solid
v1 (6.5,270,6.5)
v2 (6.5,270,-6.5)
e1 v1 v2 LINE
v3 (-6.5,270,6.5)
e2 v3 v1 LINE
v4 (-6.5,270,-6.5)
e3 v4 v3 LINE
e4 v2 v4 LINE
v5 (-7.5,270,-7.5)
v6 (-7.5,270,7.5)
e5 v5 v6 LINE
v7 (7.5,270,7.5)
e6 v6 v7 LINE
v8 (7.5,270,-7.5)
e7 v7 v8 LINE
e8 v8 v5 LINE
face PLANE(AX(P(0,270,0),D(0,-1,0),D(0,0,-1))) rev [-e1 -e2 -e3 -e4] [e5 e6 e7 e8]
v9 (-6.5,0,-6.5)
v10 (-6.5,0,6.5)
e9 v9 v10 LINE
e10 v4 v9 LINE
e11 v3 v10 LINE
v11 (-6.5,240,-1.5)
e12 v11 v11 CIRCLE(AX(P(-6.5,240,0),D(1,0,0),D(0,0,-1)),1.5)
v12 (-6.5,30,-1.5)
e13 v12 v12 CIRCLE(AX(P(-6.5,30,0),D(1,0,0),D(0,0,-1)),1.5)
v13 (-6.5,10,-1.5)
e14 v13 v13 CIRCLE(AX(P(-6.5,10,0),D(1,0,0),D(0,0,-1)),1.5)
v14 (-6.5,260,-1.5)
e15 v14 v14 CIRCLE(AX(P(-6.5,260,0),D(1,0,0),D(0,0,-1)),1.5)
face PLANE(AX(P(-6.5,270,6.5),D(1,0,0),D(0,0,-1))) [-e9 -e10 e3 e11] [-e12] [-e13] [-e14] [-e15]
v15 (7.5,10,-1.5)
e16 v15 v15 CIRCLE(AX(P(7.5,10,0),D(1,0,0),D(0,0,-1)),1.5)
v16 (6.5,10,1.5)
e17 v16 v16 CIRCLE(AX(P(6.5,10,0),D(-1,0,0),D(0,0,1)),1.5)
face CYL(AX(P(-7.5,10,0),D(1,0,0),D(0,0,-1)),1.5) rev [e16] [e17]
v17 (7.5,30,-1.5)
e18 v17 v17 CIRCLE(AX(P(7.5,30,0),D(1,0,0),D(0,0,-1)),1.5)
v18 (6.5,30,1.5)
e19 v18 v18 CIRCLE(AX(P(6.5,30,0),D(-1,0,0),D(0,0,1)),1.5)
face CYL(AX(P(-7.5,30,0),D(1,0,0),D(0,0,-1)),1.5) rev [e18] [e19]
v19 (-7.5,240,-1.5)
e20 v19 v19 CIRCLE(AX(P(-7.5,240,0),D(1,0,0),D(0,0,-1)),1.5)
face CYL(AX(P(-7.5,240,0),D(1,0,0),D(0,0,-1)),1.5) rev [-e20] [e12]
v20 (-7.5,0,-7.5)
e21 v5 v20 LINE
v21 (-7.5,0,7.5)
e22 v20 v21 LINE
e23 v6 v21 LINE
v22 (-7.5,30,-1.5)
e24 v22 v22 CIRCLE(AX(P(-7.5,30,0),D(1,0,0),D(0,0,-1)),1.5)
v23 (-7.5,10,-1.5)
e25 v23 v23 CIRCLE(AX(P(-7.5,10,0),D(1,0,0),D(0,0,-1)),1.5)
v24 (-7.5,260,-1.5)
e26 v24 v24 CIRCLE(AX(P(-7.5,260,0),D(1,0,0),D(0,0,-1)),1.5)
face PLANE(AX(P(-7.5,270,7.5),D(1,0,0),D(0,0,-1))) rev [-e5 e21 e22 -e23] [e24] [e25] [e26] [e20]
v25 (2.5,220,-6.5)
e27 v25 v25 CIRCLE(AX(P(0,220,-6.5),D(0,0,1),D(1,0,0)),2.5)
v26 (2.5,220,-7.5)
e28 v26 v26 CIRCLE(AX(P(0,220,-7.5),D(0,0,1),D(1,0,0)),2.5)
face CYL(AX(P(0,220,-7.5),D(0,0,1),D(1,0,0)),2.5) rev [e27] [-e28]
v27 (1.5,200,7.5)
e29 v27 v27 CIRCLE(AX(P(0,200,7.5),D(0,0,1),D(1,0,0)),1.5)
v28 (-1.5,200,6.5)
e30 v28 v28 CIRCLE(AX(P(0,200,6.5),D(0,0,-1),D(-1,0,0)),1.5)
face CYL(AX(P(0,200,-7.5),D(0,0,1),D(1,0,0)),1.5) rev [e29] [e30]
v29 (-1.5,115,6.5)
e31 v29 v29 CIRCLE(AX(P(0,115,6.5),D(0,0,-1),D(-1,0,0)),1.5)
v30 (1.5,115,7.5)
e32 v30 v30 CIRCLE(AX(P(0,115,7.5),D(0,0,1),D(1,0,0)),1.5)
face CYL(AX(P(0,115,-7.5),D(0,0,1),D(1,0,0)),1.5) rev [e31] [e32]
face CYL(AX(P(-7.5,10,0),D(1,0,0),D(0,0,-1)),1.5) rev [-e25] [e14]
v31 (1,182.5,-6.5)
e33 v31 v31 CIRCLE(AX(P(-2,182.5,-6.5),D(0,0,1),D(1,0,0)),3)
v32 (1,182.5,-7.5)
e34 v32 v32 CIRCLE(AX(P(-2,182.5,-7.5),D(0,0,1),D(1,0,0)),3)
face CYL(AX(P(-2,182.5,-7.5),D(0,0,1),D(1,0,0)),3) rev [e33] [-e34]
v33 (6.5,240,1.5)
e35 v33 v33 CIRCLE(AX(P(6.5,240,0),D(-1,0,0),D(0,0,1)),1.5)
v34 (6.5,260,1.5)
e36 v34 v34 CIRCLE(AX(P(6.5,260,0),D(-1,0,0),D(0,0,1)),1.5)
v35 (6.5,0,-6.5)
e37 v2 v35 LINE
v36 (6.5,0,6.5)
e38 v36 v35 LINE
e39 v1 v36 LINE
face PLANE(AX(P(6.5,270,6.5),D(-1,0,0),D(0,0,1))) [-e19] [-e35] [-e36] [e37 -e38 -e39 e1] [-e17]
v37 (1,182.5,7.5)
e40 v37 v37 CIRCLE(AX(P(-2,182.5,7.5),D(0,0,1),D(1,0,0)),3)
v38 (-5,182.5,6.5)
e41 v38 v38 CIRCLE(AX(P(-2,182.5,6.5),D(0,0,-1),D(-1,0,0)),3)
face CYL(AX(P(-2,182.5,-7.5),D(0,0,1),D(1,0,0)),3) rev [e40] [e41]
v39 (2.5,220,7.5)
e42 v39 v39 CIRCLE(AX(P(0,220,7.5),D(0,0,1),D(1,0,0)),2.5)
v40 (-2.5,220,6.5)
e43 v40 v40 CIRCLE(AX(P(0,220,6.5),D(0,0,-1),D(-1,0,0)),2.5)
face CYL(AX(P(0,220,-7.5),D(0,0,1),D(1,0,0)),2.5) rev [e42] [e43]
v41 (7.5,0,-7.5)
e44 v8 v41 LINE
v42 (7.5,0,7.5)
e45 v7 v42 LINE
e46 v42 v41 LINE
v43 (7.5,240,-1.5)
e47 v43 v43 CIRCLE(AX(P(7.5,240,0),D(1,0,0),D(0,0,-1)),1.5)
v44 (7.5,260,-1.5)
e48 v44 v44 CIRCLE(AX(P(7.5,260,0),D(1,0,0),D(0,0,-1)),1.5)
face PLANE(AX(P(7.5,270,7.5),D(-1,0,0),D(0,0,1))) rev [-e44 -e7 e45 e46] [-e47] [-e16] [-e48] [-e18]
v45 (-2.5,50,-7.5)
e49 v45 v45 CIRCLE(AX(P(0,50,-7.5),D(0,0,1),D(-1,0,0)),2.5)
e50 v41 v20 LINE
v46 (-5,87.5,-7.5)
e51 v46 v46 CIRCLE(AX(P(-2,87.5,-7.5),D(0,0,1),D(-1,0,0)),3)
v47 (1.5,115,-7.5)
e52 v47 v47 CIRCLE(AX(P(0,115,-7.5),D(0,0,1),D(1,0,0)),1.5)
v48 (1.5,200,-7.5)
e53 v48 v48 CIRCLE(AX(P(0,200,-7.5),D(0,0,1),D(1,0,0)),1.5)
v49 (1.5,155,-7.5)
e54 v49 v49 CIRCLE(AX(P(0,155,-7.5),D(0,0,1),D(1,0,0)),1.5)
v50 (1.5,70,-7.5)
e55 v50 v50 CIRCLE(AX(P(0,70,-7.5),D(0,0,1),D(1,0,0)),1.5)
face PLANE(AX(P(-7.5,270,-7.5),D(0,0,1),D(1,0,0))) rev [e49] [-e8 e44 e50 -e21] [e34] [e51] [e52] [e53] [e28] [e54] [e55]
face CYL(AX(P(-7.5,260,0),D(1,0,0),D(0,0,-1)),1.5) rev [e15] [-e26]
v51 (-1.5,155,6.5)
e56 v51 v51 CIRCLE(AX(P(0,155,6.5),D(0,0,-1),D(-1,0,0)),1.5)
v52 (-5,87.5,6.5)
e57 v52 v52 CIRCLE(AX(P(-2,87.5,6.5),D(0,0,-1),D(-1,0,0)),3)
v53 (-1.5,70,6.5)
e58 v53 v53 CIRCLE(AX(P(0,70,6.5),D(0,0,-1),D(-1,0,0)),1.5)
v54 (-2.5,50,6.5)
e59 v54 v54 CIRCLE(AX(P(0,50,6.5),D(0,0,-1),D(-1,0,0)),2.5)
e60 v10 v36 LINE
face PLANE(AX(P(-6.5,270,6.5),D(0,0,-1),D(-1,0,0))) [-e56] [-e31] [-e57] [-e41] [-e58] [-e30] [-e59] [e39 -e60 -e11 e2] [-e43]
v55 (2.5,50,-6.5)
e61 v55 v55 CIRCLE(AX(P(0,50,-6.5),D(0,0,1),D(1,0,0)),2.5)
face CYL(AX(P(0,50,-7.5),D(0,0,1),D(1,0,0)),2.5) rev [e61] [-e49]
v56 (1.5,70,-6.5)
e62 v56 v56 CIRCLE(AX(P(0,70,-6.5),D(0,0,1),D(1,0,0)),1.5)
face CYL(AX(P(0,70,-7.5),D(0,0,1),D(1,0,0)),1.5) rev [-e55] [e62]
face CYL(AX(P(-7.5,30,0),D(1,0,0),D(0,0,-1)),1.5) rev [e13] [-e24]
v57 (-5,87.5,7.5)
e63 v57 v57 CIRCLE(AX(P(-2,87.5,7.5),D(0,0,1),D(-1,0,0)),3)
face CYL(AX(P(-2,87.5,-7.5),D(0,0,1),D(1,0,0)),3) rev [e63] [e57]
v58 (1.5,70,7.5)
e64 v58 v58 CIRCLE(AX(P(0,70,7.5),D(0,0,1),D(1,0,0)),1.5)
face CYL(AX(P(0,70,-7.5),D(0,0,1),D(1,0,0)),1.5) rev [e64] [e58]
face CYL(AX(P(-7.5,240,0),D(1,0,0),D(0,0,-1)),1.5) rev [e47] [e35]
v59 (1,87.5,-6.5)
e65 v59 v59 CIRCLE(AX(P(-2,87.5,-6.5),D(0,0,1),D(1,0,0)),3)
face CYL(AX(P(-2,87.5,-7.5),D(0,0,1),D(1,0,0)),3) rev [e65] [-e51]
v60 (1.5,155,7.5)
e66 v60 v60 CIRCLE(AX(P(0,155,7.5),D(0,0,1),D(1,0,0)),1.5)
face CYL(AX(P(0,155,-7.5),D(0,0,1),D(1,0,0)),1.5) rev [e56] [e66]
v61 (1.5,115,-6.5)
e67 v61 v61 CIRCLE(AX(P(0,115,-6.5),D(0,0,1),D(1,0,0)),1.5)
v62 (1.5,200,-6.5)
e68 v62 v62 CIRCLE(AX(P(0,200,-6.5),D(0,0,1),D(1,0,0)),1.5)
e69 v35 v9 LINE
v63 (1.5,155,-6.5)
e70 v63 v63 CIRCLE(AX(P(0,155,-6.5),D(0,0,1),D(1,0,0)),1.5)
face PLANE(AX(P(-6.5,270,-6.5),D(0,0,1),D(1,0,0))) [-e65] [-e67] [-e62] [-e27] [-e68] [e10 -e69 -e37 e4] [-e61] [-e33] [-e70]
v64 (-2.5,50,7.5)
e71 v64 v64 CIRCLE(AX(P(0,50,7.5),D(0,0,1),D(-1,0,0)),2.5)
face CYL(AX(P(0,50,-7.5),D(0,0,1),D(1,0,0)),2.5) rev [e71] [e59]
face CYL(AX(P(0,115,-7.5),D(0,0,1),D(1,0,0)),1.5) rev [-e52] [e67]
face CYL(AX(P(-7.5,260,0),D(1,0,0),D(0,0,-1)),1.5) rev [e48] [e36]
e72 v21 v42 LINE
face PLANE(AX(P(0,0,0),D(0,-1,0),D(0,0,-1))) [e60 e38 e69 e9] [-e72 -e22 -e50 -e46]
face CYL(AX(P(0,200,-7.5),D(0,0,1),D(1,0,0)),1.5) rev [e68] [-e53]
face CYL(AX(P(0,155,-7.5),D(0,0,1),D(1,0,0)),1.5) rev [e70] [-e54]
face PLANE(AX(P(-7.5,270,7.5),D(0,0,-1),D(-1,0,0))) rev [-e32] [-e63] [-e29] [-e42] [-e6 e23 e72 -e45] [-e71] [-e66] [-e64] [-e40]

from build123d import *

# Parameters (mm, degrees)
SKETCH_1_W          = 15
SKETCH_1_H          = 15
SKETCH_1_W_2        = 13
SKETCH_1_H_2        = 13
EXTRUDE_1_DEPTH     = 270
SKETCH_2_R          = 1.5
SKETCH_2_R_2        = 2.5
SKETCH_2_R_3        = 3
CUT_EXTRUDE_1_DEPTH = 271.520331953
SKETCH_3_R          = 1.5
CUT_EXTRUDE_2_DEPTH = 271.520331953


with BuildPart() as part:
    # 草图1 → 凸台-拉伸1 (new body)
    with BuildSketch(Plane(origin=(0, 0, 0), x_dir=(1, 0, 0), z_dir=(0, 1, 0))):
        Rectangle(SKETCH_1_W, SKETCH_1_H)
        Rectangle(SKETCH_1_W_2, SKETCH_1_H_2, mode=Mode.SUBTRACT)
    extrude(amount=EXTRUDE_1_DEPTH)

    # 草图2 → 切除-拉伸1 (cut, through all)
    with BuildSketch(Plane.XY.offset(7.5)):
        with Locations((0, 155)):
            Circle(SKETCH_2_R)
        with Locations((0, 115)):
            Circle(SKETCH_2_R)
        with Locations((0, 200)):
            Circle(SKETCH_2_R)
        with Locations((0, 70)):
            Circle(SKETCH_2_R)
        with Locations((0, 220)):
            Circle(SKETCH_2_R_2)
        with Locations((0, 50)):
            Circle(SKETCH_2_R_2)
        with Locations((-2, 182.5)):
            Circle(SKETCH_2_R_3)
        with Locations((-2, 87.5)):
            Circle(SKETCH_2_R_3)
    extrude(amount=-CUT_EXTRUDE_1_DEPTH, mode=Mode.SUBTRACT)

    # 草图3 → 切除-拉伸2 (cut, through all)
    with BuildSketch(Plane(origin=(7.5, 0, 0), x_dir=(0, 0, -1), z_dir=(1, 0, 0))):
        with Locations((0, 240)):
            Circle(SKETCH_3_R)
        with Locations((0, 30)):
            Circle(SKETCH_3_R)
        with Locations((0, 10)):
            Circle(SKETCH_3_R)
        with Locations((0, 260)):
            Circle(SKETCH_3_R)
    extrude(amount=-CUT_EXTRUDE_2_DEPTH, mode=Mode.SUBTRACT)


solid = part.part
